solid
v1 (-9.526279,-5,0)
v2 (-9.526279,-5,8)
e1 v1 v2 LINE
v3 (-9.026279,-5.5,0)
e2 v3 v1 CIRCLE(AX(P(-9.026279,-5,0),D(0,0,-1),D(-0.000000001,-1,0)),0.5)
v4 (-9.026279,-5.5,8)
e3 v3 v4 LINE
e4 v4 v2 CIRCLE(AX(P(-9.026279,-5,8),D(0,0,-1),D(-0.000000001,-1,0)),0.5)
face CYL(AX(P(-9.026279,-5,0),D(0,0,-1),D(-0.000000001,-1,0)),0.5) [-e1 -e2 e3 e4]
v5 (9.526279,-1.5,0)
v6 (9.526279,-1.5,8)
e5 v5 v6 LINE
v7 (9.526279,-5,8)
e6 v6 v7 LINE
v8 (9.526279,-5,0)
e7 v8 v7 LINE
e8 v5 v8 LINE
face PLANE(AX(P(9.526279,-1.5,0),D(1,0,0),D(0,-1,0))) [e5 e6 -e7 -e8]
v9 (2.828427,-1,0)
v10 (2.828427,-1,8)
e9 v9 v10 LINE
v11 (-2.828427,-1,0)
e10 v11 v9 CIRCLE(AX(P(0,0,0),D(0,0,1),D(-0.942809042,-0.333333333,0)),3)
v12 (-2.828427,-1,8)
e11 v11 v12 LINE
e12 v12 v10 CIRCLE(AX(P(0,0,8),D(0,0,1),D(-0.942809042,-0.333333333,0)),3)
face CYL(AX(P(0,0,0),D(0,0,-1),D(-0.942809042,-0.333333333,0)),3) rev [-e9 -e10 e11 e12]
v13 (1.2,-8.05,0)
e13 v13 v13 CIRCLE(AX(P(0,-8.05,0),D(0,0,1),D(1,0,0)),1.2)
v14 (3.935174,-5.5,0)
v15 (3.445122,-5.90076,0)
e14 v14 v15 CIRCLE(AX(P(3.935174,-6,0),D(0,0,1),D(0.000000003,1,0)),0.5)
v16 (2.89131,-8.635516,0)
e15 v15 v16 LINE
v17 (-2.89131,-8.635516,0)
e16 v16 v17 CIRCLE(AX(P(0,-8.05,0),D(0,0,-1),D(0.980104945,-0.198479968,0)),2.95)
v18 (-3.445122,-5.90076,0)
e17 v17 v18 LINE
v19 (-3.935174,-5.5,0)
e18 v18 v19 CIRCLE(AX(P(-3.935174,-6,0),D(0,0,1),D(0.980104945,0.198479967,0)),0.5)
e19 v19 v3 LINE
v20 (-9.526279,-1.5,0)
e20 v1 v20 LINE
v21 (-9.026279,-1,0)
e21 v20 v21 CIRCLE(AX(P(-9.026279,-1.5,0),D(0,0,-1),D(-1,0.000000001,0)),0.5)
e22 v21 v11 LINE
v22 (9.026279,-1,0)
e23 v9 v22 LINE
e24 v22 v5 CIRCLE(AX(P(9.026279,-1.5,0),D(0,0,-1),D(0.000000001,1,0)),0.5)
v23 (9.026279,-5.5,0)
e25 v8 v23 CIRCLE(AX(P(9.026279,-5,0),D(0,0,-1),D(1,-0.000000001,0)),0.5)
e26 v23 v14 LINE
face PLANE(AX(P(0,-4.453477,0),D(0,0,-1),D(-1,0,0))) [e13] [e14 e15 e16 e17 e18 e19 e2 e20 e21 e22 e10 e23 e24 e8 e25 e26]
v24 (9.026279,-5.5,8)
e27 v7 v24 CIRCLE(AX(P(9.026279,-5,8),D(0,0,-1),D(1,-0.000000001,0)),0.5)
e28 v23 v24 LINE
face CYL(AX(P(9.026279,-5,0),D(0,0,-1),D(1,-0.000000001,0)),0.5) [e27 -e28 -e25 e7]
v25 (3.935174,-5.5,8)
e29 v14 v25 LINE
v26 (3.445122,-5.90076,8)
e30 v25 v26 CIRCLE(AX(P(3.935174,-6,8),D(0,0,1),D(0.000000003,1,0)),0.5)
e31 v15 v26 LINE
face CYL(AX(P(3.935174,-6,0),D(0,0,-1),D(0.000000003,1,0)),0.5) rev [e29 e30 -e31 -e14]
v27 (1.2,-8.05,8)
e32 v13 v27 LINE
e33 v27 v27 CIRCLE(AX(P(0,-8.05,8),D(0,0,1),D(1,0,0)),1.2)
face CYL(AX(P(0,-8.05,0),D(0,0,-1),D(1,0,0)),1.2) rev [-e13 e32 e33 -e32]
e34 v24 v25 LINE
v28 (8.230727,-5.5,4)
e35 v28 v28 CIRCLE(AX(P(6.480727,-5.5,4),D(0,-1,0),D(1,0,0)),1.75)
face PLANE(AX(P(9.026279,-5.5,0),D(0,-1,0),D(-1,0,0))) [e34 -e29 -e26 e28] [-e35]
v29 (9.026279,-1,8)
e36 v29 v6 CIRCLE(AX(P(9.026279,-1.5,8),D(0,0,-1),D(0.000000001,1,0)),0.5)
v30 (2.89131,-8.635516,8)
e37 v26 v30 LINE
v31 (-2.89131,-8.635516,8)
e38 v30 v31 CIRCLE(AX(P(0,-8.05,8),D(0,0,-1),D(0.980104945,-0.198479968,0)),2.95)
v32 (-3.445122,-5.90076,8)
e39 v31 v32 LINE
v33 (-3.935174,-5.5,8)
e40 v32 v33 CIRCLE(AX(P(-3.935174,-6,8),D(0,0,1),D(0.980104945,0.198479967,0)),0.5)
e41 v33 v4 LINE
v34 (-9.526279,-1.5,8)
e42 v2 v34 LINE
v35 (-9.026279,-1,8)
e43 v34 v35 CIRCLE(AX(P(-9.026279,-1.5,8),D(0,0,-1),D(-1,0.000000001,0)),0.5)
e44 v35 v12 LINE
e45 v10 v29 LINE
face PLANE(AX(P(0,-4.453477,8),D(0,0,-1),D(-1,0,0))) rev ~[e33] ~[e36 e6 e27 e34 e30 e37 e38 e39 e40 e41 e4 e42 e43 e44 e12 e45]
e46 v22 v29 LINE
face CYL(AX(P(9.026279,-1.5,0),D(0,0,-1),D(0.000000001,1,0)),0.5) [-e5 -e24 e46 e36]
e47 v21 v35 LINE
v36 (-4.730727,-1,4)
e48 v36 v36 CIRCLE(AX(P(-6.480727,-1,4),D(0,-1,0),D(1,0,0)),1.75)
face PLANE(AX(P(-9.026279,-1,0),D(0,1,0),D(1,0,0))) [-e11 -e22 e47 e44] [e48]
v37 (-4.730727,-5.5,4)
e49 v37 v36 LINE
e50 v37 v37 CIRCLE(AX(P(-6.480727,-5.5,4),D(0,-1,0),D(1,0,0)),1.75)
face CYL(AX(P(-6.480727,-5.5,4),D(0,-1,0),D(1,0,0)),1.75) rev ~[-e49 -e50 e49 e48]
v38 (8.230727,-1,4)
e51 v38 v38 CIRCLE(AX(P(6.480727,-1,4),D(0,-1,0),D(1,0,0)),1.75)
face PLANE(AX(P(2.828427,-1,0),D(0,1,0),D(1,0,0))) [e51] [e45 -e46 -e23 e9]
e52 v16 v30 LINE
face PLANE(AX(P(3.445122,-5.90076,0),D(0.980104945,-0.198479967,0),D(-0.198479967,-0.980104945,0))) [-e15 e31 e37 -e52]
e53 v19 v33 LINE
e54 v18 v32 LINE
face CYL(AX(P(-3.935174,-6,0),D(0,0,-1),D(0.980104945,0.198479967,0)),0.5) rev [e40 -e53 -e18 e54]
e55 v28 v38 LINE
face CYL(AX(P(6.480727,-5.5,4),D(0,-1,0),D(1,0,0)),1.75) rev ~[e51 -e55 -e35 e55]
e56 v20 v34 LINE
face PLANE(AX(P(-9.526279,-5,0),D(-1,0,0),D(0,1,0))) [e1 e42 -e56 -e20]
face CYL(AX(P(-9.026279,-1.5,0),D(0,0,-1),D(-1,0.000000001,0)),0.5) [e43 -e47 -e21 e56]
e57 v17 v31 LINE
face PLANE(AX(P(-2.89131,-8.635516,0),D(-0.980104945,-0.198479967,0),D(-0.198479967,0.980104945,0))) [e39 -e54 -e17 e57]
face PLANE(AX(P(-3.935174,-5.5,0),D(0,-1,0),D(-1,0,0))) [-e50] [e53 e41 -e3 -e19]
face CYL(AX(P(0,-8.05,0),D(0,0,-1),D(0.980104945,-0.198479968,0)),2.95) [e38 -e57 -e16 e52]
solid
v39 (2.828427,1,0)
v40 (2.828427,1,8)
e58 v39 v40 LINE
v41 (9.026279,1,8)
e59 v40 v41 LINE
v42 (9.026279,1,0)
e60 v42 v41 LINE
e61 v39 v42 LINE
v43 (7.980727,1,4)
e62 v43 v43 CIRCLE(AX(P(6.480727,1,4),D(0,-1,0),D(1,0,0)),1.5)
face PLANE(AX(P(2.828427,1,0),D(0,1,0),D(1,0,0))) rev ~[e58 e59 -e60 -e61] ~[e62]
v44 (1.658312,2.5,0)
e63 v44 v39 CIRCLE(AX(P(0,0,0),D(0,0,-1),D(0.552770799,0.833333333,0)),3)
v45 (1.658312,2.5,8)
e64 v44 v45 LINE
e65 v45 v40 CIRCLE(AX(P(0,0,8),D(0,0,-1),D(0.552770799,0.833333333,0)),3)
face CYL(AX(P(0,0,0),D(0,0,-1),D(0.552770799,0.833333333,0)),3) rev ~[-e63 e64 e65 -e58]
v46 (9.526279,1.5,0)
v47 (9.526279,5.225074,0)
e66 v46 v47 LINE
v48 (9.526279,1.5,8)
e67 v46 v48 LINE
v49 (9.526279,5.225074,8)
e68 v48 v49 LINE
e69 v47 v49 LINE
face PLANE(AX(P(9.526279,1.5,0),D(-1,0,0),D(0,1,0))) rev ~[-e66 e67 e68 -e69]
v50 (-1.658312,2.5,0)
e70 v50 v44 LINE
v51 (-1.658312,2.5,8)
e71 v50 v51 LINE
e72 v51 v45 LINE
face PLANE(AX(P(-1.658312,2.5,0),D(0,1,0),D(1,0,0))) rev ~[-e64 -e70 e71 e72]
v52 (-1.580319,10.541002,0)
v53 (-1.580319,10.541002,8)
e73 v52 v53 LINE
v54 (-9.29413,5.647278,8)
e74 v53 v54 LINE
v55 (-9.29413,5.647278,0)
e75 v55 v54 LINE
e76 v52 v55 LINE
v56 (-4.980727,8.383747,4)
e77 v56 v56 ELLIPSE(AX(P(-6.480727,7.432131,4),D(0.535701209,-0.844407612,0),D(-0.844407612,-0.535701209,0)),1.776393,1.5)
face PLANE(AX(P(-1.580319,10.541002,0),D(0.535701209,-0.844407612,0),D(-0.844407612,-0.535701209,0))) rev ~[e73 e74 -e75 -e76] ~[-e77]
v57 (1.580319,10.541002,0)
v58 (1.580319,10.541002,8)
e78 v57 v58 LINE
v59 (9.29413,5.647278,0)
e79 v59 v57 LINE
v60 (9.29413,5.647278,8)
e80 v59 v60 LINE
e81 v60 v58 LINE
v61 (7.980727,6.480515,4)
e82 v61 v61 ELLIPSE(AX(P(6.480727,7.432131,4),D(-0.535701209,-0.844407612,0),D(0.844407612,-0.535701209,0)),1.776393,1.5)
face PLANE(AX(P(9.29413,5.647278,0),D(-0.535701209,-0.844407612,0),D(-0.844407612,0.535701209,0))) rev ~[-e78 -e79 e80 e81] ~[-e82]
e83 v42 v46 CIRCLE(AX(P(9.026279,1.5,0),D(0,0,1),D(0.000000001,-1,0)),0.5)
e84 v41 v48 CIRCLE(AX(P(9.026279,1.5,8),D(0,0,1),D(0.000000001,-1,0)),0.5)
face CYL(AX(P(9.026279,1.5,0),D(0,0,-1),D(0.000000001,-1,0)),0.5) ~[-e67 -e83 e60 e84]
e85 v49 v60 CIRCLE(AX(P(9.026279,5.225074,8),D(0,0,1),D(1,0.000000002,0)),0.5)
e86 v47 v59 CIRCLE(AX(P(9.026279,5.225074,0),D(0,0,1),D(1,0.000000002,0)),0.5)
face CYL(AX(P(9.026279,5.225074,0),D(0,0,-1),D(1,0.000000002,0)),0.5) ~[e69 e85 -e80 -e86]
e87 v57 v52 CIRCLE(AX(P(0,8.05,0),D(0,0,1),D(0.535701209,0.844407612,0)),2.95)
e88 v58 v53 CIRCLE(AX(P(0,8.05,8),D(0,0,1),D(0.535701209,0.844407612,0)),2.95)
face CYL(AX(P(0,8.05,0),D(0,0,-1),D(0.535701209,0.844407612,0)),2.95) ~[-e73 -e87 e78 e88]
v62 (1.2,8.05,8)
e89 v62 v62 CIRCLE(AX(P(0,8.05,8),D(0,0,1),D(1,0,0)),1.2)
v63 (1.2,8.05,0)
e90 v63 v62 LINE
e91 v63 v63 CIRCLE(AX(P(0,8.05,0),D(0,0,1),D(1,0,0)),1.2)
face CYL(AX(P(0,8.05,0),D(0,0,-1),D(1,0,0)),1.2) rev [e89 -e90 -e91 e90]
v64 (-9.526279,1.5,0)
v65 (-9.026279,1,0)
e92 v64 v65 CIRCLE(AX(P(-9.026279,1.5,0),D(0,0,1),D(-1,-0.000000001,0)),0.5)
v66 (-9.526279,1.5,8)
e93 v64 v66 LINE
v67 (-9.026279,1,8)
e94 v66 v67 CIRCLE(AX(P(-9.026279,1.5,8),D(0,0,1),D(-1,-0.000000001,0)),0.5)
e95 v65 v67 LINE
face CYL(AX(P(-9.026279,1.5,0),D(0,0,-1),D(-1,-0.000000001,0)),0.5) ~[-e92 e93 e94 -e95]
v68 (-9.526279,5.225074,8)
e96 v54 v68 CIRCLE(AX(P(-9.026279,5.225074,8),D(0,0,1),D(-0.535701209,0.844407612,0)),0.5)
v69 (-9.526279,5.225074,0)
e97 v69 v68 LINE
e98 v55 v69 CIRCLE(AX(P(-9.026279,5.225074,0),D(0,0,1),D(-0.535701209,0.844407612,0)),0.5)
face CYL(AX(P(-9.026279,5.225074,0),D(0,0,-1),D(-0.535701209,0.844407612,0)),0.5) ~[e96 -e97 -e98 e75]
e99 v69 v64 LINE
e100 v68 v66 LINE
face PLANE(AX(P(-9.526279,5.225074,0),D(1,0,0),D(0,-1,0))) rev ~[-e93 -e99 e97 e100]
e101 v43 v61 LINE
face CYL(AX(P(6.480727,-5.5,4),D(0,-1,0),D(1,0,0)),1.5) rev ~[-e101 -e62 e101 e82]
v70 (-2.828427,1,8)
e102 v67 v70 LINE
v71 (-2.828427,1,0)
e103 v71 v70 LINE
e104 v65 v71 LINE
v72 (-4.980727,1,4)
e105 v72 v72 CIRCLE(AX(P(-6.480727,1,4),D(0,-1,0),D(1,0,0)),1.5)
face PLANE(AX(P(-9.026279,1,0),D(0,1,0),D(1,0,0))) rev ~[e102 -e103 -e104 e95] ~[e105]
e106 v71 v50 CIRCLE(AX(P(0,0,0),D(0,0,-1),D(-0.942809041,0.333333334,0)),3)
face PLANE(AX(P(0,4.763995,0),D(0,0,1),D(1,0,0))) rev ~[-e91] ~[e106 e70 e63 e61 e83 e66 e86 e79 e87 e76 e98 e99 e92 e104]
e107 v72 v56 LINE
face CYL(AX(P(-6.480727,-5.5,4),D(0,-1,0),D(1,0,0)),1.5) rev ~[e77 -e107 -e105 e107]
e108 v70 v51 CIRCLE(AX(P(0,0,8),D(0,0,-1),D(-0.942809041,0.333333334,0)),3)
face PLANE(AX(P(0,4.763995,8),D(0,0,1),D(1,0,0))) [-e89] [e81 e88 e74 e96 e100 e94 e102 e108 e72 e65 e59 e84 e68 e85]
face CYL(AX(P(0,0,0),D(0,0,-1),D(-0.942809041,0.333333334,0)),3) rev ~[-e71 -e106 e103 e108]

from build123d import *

# Parameters (mm, degrees)
SKETCH_1_R          = 1.2
EXTRUDE_1_DEPTH     = 8
EXTRUDE_1_2_DEPTH   = 8
SKETCH_2_R          = 1.5
CUT_EXTRUDE_1_DEPTH = 17.5
SKETCH_3_R          = 1.75
CUT_EXTRUDE_2_DEPTH = 4.5


with BuildPart() as part:
    # 草图1 → 凸台-拉伸1 (new body)
    with BuildSketch(Plane.XY):
        with BuildLine():
            Line((-1.658312395, 2.5), (1.658312395, 2.5))
            ThreePointArc((1.658312395, 2.5), (2.365419176, 1.84520788), (2.828427125, 1))
            Line((2.828427125, 1), (9.026279442, 1))
            ThreePointArc((9.026279442, 1), (9.379832832, 1.146446609), (9.526279442, 1.5))
            Line((9.526279442, 1.5), (9.526279442, 5.22507425))
            ThreePointArc((9.526279442, 5.22507425), (9.464414867, 5.465983671), (9.294130046, 5.647278056))
            Line((9.294130046, 5.647278056), (1.580318565, 10.541002455))
            ThreePointArc((1.580318565, 10.541002455), (0, 11), (-1.580318565, 10.541002455))
            Line((-1.580318565, 10.541002455), (-9.294130046, 5.647278056))
            ThreePointArc((-9.294130046, 5.647278056), (-9.464414867, 5.465983671), (-9.526279442, 5.22507425))
            Line((-9.526279442, 5.22507425), (-9.526279442, 1.5))
            ThreePointArc((-9.526279442, 1.5), (-9.379832832, 1.146446609), (-9.026279442, 1))
            Line((-9.026279442, 1), (-2.828427125, 1))
            ThreePointArc((-2.828427125, 1), (-2.365419176, 1.84520788), (-1.658312395, 2.5))
        make_face()
        with Locations((0, 8.05)):
            Circle(SKETCH_1_R, mode=Mode.SUBTRACT)
    extrude(amount=EXTRUDE_1_DEPTH)


with BuildPart() as body_2:
    # 草图1 → Extrude 1 2 (new body)
    with BuildSketch(Plane.XY):
        with BuildLine():
            Line((-9.026279442, -1), (-2.828427125, -1))
            ThreePointArc((-2.828427125, -1), (0, -3), (2.828427125, -1))
            Line((2.828427125, -1), (9.026279442, -1))
            ThreePointArc((9.026279442, -1), (9.379832832, -1.146446609), (9.526279442, -1.5))
            Line((9.526279442, -1.5), (9.526279442, -5))
            ThreePointArc((9.526279442, -5), (9.379832832, -5.353553391), (9.026279442, -5.5))
            Line((9.026279442, -5.5), (3.935174447, -5.5))
            ThreePointArc((3.935174447, -5.5), (3.6186464, -5.612947037), (3.445121974, -5.900760016))
            Line((3.445121974, -5.900760016), (2.891309587, -8.635515904))
            ThreePointArc((2.891309587, -8.635515904), (0, -11), (-2.891309587, -8.635515904))
            Line((-2.891309587, -8.635515904), (-3.445121974, -5.900760016))
            ThreePointArc((-3.445121974, -5.900760016), (-3.6186464, -5.612947037), (-3.935174447, -5.5))
            Line((-3.935174447, -5.5), (-9.026279442, -5.5))
            ThreePointArc((-9.026279442, -5.5), (-9.379832832, -5.353553391), (-9.526279442, -5))
            Line((-9.526279442, -5), (-9.526279442, -1.5))
            ThreePointArc((-9.526279442, -1.5), (-9.379832832, -1.146446609), (-9.026279442, -1))
        make_face()
        with Locations((0, -8.05)):
            Circle(SKETCH_1_R, mode=Mode.SUBTRACT)
    extrude(amount=EXTRUDE_1_2_DEPTH)


with BuildPart() as cut_extrude_1_tool:
    # 草图2 → 切除-拉伸1 (new body, through all)
    with BuildSketch(Plane.XZ.offset(5.5)):
        with Locations((6.480726944, 4)):
            Circle(SKETCH_2_R)
        with Locations((-6.480726944, 4)):
            Circle(SKETCH_2_R)
    extrude(amount=-CUT_EXTRUDE_1_DEPTH)


with BuildPart() as part_1:
    add(part.part)

    # 切除-拉伸1: cut by cut_extrude_1_tool
    add(cut_extrude_1_tool.part, mode=Mode.SUBTRACT)


with BuildPart() as body_2_1:
    add(body_2.part)

    # 切除-拉伸1: cut by cut_extrude_1_tool
    add(cut_extrude_1_tool.part, mode=Mode.SUBTRACT)

    # 草图3 → 切除-拉伸2 (cut)
    with BuildSketch(Plane.XZ.offset(5.5)):
        with Locations((-6.480726944, 4)):
            Circle(SKETCH_3_R)
        with Locations((6.480726944, 4)):
            Circle(SKETCH_3_R)
    extrude(amount=-CUT_EXTRUDE_2_DEPTH, mode=Mode.SUBTRACT)


solid = Compound([part_1.part, body_2_1.part])
